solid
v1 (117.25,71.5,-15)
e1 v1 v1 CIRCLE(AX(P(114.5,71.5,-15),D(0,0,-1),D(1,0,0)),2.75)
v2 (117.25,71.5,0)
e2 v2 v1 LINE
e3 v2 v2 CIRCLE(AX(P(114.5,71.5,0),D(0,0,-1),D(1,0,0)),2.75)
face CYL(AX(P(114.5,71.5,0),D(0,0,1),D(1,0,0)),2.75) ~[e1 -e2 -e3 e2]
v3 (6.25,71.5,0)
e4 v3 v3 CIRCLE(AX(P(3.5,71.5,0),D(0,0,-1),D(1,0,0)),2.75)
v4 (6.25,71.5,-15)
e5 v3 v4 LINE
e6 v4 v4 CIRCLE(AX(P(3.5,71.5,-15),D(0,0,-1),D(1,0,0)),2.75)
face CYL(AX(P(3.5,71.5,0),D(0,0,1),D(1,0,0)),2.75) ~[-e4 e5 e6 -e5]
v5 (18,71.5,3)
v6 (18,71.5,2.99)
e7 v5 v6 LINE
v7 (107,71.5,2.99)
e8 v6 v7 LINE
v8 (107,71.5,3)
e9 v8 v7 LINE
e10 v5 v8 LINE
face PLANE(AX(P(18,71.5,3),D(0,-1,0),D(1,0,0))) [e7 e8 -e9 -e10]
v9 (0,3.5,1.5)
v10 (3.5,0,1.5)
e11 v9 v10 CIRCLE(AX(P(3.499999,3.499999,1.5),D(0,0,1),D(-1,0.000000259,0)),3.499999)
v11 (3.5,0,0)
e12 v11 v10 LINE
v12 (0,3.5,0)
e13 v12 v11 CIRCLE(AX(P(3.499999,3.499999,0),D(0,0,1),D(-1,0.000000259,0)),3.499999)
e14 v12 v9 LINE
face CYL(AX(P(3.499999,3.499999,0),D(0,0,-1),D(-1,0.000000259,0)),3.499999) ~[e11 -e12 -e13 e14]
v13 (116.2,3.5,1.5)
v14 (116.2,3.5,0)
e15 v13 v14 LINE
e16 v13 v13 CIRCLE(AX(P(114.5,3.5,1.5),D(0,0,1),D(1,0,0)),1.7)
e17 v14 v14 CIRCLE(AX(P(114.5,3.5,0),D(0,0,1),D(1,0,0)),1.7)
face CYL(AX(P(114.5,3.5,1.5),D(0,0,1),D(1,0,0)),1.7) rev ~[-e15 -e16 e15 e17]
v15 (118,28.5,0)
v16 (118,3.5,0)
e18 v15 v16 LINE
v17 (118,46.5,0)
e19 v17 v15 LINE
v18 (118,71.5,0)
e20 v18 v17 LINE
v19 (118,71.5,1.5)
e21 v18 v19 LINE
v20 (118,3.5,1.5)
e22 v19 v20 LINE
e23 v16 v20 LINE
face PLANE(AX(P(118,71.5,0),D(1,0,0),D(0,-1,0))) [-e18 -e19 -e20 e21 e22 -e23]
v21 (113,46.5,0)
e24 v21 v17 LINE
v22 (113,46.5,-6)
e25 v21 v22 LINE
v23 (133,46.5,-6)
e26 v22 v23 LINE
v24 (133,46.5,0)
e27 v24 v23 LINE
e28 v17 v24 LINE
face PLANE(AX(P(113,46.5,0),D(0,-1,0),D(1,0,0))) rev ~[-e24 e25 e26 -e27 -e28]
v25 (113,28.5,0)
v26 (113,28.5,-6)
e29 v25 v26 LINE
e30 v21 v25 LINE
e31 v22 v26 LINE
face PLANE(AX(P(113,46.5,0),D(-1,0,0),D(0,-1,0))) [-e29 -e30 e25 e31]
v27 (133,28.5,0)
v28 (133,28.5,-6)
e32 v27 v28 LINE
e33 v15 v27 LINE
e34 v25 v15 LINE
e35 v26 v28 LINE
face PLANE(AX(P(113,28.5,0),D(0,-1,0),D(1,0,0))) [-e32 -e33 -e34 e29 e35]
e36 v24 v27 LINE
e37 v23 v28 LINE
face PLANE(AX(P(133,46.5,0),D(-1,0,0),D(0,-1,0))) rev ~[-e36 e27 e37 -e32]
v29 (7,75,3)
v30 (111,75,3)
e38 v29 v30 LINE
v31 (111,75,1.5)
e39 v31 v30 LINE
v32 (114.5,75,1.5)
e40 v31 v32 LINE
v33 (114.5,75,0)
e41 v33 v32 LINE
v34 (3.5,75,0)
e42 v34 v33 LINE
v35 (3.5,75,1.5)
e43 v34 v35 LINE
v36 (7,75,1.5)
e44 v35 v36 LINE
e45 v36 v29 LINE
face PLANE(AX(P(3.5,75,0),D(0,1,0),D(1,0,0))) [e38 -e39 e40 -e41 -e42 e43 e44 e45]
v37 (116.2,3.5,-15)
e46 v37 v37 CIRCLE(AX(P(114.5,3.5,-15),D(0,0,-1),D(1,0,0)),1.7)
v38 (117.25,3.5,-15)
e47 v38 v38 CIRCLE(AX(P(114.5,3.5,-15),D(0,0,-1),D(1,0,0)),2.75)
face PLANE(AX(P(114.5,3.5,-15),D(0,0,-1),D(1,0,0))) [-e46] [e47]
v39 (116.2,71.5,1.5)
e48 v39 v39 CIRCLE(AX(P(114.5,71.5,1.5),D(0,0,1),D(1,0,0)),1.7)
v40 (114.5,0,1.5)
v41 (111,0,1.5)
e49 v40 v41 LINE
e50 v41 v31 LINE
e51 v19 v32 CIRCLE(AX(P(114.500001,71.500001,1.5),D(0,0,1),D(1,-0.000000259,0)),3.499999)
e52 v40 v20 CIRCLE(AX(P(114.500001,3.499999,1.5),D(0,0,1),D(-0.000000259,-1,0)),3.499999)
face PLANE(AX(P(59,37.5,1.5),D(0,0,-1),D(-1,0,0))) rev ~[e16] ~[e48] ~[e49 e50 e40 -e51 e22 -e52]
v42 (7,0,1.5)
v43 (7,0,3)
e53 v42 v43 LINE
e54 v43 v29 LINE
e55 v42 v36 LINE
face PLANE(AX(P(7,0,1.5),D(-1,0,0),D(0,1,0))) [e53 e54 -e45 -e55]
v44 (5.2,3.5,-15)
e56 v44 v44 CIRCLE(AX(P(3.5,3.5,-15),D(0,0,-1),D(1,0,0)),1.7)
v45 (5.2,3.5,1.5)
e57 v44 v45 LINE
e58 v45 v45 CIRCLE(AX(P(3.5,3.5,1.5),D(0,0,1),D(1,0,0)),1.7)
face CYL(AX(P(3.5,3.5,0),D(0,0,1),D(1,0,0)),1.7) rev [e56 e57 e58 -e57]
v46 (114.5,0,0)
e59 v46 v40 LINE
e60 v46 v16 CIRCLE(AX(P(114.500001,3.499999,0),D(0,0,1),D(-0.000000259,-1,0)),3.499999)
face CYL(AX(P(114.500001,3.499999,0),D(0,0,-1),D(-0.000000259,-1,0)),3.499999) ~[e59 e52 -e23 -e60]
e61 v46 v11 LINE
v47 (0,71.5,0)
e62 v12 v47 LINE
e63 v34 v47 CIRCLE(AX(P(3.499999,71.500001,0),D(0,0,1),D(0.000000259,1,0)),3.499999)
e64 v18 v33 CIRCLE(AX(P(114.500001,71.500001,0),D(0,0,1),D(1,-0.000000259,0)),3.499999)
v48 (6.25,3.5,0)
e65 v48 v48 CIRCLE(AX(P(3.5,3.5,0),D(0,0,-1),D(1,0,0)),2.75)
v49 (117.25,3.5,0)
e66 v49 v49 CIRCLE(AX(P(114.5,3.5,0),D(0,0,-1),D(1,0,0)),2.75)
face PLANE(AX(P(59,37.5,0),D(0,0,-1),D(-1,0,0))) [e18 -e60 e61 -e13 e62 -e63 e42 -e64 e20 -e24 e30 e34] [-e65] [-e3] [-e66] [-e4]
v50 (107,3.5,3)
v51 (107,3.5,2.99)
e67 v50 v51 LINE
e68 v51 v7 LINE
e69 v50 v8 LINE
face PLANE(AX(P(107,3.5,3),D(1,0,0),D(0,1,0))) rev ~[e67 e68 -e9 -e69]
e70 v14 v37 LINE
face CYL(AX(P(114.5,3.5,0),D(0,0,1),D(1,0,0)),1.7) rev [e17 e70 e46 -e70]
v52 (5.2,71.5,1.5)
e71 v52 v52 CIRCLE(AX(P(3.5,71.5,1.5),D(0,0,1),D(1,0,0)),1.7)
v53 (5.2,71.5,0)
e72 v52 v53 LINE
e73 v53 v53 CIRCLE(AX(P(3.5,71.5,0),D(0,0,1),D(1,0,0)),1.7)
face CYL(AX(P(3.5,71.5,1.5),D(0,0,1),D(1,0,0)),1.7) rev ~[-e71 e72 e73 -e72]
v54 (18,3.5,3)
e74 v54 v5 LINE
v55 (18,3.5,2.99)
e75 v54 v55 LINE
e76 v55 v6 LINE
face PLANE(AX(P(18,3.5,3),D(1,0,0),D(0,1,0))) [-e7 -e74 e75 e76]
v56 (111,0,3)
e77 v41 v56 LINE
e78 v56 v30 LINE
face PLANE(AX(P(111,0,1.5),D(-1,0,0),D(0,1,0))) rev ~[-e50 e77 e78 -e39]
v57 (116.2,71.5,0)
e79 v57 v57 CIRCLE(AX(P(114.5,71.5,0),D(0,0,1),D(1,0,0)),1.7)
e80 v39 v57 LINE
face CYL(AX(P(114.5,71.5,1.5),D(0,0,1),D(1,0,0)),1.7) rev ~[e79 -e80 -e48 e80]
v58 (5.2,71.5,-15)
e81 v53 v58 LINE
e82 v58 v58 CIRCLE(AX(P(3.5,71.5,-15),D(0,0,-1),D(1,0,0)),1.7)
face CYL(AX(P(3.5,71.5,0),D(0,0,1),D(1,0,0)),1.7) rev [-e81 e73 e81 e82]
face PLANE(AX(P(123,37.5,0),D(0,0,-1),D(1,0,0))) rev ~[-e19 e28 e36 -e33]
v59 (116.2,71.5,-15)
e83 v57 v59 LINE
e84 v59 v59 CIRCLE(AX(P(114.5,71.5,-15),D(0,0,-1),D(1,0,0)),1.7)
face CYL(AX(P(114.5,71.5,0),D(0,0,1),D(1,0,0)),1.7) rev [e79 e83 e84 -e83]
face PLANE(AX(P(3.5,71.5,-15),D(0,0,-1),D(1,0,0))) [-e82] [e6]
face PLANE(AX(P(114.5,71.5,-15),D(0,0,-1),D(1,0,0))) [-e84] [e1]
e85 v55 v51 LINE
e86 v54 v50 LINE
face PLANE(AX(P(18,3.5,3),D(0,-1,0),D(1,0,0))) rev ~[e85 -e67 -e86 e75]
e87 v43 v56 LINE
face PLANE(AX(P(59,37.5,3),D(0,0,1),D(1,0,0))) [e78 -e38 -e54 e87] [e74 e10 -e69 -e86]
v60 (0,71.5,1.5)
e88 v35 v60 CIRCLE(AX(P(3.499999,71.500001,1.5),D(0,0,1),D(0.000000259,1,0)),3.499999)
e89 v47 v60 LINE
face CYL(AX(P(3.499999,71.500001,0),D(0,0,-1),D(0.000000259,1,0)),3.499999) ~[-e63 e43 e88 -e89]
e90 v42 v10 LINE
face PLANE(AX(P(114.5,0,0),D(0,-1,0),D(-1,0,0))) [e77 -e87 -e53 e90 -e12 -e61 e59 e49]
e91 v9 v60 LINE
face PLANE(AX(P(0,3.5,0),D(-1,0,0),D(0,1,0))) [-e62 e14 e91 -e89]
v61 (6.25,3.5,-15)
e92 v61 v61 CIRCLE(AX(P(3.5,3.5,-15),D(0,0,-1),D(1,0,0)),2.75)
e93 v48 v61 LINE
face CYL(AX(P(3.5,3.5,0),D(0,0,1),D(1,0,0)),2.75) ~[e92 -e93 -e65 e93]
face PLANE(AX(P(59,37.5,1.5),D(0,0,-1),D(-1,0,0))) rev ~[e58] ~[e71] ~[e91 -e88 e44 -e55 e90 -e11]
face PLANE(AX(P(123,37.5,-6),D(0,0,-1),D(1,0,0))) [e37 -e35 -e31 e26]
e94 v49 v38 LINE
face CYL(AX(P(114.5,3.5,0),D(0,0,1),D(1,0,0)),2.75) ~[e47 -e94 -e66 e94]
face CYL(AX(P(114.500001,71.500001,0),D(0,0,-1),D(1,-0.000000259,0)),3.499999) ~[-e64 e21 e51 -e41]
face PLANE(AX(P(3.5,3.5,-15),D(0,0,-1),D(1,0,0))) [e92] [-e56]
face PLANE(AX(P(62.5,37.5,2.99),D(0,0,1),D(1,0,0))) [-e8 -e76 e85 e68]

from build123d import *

# Parameters (mm, degrees)
PAD_DEPTH       = 1.5
SKETCH001_R     = 1.7
POCKET_DEPTH    = 1.501
SKETCH002_W     = 104
SKETCH002_H     = 75
PAD001_DEPTH    = 1.5
SKETCH003_W     = 89
SKETCH003_H     = 68
POCKET001_DEPTH = 0.01
SKETCH004_W     = 20
SKETCH004_H     = 18
PAD002_DEPTH    = 6
SKETCH005_R     = 2.75
SKETCH005_R_2   = 1.7
PAD003_DEPTH    = 15


with BuildPart() as part:
    # Sketch → Pad (new body)
    with BuildSketch(Plane.XY):
        with BuildLine():
            Line((3.5, 75), (114.5, 75))
            ThreePointArc((118, 71.5), (116.974874, 73.974874), (114.5, 75))
            Line((118, 71.5), (118, 3.5))
            ThreePointArc((114.5, 0), (116.974874, 1.025126), (118, 3.5))
            Line((114.5, 0), (3.5, 0))
            ThreePointArc((0, 3.5), (1.025126, 1.025126), (3.5, 0))
            Line((0, 3.5), (0, 71.5))
            ThreePointArc((3.5, 75), (1.025126, 73.974874), (0, 71.5))
        make_face()
    extrude(amount=PAD_DEPTH)

    # Sketch001 (on Face10 of Pad) → Pocket (cut, through all)
    with BuildSketch(Plane.XY.offset(1.5)):
        with Locations((3.5, 3.5)):
            Circle(SKETCH001_R)
        with Locations((3.5, 71.5)):
            Circle(SKETCH001_R)
        with Locations((114.5, 71.5)):
            Circle(SKETCH001_R)
        with Locations((114.5, 3.5)):
            Circle(SKETCH001_R)
    extrude(amount=-POCKET_DEPTH, mode=Mode.SUBTRACT)

    # Sketch002 (on Face5 of Pocket) → Pad001 (join)
    with BuildSketch(Plane.XY.offset(1.5)):
        with Locations((59, 37.5)):
            Rectangle(SKETCH002_W, SKETCH002_H)
    extrude(amount=PAD001_DEPTH)

    # Sketch003 (on Face19 of Pad001) → Pocket001 (cut)
    with BuildSketch(Plane.XY.offset(3)):
        with Locations((62.5, 37.5)):
            Rectangle(SKETCH003_W, SKETCH003_H)
    extrude(amount=-POCKET001_DEPTH, mode=Mode.SUBTRACT)

    # Sketch004 (on Face4 of Pocket001) → Pad002 (join)
    with BuildSketch(Plane(origin=(0, 0, 0), x_dir=(1, 0, 0), z_dir=(0, 0, -1))):
        with Locations((123, -37.5)):
            Rectangle(SKETCH004_W, SKETCH004_H)
    extrude(amount=PAD002_DEPTH)

    # Sketch005 (on Face4 of Pad002) → Pad003 (join)
    with BuildSketch(Plane(origin=(0, 0, 0), x_dir=(1, 0, 0), z_dir=(0, 0, -1))):
        with Locations((3.5, -3.5)):
            Circle(SKETCH005_R)
        with Locations((3.5, -3.5)):
            Circle(SKETCH005_R_2, mode=Mode.SUBTRACT)
        with Locations((114.5, -3.5)):
            Circle(SKETCH005_R)
        with Locations((114.5, -3.5)):
            Circle(SKETCH005_R_2, mode=Mode.SUBTRACT)
        with Locations((114.5, -71.5)):
            Circle(SKETCH005_R)
        with Locations((114.5, -71.5)):
            Circle(SKETCH005_R_2, mode=Mode.SUBTRACT)
        with Locations((3.5, -71.5)):
            Circle(SKETCH005_R)
        with Locations((3.5, -71.5)):
            Circle(SKETCH005_R_2, mode=Mode.SUBTRACT)
    extrude(amount=PAD003_DEPTH)


solid = part.part
